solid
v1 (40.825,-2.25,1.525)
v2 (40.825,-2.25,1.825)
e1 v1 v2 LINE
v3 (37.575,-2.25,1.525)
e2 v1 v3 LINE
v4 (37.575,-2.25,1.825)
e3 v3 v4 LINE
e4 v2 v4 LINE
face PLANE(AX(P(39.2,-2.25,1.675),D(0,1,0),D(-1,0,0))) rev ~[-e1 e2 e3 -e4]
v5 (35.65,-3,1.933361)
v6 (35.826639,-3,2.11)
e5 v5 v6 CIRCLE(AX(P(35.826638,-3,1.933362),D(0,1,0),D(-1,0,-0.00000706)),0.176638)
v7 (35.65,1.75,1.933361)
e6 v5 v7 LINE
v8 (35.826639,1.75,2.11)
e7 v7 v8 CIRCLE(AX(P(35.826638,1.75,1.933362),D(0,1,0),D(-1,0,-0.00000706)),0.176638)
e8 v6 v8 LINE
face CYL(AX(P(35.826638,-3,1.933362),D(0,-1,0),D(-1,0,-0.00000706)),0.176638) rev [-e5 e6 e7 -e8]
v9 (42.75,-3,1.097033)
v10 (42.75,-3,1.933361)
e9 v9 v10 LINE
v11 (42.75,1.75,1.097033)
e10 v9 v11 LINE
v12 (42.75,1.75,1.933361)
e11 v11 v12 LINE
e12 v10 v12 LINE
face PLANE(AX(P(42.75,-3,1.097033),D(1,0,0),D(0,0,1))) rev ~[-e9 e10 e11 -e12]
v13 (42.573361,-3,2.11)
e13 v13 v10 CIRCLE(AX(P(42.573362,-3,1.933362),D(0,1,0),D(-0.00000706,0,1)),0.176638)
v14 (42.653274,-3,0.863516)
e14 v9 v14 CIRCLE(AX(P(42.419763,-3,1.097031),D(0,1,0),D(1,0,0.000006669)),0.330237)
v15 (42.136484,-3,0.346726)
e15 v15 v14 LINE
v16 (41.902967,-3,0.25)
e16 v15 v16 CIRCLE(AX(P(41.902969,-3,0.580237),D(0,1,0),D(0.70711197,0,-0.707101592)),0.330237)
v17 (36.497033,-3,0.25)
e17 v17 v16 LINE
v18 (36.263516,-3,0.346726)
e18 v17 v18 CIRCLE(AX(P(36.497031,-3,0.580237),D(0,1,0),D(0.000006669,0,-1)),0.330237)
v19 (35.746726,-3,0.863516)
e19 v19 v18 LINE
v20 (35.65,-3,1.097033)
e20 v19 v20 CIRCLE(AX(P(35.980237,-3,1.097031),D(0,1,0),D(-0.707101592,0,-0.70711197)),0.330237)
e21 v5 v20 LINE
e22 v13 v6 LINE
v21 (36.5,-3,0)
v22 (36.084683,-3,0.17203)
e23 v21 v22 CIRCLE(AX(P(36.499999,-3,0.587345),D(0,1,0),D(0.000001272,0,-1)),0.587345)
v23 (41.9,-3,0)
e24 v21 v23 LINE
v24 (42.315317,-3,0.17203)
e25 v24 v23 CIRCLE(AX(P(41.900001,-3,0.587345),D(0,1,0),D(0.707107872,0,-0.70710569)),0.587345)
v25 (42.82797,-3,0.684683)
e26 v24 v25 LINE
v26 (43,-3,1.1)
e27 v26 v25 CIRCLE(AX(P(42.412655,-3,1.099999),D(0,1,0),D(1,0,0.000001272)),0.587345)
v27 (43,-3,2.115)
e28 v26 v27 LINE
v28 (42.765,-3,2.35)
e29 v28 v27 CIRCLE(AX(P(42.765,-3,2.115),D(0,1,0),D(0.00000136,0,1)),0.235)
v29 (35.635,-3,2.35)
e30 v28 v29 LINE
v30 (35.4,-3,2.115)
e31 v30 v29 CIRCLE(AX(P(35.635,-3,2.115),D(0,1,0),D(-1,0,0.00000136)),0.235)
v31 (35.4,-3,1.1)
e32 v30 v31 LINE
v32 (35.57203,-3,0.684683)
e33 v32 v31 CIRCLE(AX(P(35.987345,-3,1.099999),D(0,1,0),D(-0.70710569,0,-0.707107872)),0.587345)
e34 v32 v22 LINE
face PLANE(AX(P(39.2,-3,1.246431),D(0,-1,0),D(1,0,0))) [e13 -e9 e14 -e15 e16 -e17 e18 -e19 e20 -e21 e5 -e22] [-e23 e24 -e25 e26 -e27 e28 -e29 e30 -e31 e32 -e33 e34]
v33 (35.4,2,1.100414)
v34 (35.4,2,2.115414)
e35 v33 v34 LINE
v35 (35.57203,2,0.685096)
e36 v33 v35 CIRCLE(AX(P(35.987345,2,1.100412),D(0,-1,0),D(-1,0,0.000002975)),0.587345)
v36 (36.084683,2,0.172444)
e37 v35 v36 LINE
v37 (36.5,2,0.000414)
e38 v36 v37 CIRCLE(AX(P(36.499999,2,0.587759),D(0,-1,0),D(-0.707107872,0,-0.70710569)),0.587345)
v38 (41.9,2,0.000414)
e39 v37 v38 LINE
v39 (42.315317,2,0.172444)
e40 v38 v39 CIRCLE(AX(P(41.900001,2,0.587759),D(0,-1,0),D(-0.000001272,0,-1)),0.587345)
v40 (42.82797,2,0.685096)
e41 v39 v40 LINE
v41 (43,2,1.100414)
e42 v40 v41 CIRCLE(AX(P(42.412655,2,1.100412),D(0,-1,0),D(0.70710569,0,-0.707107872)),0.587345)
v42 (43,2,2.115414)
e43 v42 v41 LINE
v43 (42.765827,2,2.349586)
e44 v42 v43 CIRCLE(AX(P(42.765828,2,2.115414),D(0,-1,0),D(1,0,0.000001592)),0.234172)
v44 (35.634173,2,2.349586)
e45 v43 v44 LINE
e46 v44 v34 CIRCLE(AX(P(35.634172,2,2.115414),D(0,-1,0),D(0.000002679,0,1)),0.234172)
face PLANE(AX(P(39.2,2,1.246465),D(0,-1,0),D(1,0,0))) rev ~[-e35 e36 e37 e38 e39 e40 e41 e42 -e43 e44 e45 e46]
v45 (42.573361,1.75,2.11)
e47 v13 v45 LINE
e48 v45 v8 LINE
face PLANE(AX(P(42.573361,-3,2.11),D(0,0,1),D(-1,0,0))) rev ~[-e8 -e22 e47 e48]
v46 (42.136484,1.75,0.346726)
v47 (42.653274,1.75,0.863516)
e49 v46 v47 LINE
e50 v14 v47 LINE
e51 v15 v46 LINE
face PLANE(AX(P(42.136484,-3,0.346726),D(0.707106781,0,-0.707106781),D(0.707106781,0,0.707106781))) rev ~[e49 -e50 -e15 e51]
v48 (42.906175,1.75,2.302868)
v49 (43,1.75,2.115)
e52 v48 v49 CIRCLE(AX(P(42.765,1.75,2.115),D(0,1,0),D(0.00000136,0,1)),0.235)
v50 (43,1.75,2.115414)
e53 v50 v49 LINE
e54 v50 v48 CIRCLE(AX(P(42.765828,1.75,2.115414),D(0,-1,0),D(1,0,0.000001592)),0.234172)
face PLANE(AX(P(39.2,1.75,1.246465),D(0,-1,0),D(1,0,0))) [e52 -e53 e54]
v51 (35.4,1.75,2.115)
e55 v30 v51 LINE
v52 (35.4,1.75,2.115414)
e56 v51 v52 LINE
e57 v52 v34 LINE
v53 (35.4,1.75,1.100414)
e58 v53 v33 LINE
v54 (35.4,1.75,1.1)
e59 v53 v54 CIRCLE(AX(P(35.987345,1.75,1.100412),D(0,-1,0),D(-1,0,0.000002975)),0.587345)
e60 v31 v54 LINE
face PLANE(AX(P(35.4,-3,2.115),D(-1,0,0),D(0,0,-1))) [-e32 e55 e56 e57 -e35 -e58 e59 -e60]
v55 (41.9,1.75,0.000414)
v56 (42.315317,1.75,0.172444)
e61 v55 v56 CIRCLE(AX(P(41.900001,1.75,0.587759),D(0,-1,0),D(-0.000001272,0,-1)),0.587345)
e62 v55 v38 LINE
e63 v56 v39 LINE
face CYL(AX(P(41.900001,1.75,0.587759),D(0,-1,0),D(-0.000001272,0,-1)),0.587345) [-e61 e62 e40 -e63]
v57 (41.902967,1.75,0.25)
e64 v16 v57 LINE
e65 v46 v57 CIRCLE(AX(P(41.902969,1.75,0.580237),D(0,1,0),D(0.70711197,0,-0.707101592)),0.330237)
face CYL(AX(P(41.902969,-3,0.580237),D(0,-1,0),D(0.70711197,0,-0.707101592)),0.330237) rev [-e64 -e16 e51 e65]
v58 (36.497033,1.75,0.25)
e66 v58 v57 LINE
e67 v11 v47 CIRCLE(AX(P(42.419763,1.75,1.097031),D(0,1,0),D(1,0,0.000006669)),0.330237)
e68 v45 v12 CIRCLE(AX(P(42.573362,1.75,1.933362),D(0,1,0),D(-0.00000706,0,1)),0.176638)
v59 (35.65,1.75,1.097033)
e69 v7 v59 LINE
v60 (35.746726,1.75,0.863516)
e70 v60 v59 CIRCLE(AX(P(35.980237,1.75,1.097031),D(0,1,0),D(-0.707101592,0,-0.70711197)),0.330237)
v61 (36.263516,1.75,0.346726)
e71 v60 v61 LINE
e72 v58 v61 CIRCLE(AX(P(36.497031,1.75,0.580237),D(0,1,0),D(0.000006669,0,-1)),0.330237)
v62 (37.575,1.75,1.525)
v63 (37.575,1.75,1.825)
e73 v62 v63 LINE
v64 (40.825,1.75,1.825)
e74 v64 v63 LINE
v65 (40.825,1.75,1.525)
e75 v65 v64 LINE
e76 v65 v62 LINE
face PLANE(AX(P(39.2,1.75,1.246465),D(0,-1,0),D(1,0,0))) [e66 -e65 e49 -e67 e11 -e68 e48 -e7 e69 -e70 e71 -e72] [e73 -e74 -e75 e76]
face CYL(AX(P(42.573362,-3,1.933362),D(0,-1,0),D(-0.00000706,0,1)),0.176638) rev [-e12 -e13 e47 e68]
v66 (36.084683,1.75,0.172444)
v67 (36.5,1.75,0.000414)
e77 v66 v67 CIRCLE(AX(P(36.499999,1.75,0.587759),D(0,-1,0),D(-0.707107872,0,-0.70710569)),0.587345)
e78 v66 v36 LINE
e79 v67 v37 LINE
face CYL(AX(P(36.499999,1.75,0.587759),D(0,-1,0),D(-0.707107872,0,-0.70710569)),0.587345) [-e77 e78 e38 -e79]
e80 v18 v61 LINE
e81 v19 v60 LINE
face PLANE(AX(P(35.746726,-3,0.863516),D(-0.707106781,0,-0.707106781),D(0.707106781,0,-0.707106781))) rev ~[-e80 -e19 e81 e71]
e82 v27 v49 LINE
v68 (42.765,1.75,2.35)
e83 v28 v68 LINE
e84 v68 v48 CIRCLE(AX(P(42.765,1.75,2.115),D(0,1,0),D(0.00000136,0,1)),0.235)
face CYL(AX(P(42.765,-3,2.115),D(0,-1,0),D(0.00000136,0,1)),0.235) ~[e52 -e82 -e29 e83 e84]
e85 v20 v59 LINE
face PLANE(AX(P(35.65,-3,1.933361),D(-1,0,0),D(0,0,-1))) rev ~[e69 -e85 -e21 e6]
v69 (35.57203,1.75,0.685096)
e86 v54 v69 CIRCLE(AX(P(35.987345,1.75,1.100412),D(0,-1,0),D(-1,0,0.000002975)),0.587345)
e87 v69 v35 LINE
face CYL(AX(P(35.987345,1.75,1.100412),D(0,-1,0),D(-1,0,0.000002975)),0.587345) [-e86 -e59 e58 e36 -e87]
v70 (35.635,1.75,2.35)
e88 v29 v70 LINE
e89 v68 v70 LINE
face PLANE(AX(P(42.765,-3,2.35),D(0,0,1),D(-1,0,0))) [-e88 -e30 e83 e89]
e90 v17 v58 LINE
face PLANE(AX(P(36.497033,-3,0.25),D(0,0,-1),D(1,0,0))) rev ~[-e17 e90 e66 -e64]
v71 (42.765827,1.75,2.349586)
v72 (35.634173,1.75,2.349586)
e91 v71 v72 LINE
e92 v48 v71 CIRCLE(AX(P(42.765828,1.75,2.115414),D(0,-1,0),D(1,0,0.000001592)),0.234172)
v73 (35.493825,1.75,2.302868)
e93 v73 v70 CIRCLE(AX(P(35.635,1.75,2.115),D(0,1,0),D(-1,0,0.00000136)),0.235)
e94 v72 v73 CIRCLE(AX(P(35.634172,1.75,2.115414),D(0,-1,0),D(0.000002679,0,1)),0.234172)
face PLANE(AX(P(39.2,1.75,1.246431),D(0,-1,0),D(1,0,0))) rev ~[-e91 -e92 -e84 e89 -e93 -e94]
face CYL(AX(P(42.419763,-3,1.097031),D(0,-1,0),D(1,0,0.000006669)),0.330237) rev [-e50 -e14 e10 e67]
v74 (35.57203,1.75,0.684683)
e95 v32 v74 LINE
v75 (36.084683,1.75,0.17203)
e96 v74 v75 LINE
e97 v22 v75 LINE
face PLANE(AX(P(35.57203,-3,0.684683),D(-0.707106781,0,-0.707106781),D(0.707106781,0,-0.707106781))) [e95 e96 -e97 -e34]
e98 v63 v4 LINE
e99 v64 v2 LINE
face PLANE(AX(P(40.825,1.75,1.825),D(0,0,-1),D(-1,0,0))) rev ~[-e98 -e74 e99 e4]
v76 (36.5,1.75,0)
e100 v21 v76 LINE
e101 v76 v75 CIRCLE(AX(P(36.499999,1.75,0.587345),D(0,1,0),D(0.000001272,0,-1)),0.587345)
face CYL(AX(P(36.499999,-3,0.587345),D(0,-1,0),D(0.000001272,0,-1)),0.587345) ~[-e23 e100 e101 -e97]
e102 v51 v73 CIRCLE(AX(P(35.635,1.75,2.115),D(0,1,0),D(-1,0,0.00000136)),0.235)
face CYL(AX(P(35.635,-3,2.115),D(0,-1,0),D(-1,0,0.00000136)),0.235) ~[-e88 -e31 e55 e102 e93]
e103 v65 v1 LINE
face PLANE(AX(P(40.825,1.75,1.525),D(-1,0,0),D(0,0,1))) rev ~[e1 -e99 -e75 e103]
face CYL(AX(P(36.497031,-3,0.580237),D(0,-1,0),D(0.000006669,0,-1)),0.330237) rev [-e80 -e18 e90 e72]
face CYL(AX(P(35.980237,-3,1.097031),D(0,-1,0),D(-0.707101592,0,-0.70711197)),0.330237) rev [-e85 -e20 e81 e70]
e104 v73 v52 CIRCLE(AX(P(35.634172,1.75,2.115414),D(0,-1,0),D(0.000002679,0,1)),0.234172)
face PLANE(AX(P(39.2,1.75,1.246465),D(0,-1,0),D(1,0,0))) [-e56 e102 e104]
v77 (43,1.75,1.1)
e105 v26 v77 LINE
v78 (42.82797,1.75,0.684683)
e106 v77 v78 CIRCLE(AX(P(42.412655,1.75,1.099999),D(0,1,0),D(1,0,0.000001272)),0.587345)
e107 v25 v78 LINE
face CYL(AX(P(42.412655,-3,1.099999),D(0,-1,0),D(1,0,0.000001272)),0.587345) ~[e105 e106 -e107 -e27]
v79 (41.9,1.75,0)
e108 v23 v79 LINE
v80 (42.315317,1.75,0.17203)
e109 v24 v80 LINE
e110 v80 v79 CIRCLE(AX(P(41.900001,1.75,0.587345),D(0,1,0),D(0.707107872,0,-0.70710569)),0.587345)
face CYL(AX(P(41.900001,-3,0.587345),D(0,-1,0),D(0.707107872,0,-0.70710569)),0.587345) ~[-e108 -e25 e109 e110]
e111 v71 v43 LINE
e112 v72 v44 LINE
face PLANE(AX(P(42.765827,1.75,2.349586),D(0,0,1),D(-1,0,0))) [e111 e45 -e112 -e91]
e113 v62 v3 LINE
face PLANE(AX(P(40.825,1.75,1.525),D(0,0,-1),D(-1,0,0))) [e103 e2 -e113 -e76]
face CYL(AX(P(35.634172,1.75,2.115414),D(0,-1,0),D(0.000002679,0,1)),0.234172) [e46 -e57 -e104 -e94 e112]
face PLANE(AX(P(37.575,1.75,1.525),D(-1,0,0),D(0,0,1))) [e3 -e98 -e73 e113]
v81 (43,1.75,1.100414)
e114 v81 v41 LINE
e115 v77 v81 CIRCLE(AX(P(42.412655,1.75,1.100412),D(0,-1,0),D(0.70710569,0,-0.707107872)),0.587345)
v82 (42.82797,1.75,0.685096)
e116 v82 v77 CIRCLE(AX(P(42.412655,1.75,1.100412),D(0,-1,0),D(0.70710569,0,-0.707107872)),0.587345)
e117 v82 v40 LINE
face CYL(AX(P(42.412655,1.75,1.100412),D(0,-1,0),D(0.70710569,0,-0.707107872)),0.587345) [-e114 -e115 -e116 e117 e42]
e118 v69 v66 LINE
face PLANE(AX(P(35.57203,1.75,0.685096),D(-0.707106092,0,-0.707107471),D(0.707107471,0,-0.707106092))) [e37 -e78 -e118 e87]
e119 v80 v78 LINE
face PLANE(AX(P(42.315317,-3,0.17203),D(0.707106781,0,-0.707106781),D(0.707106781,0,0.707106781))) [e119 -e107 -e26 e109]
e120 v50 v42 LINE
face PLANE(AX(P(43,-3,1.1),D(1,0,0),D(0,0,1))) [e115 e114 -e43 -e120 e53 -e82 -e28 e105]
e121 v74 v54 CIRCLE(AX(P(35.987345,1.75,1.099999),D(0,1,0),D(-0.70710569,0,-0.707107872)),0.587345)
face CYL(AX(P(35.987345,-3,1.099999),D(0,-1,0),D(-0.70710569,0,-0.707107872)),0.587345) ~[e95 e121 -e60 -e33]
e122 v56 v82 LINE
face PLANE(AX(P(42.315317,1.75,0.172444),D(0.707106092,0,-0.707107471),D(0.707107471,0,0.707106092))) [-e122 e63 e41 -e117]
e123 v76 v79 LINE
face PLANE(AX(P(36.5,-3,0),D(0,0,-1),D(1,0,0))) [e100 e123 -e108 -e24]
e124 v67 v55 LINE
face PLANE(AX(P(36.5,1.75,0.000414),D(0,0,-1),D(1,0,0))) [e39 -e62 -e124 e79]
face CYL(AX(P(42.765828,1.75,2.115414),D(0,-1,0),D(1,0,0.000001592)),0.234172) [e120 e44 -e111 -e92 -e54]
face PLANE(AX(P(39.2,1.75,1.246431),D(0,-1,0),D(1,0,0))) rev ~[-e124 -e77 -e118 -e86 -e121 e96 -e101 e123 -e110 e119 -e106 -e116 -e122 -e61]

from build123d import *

# Parameters (mm, degrees)
SKETCH018_W  = 3.25
SKETCH018_H  = 0.3
PAD023_DEPTH = 4
PAD022_DEPTH = 0.25
PAD021_DEPTH = 4.75


with BuildPart() as part:
    # Sketch018 → Pad023 (new body)
    with BuildSketch(Plane(origin=(0, 1.75, 0), x_dir=(-1, 0, 0), z_dir=(0, 1, 0))):
        with Locations((0, 0.5)):
            Rectangle(SKETCH018_W, SKETCH018_H)
    extrude(amount=-PAD023_DEPTH)

    # Sketch017 → Pad022 (join)
    with BuildSketch(Plane.XZ.offset(-1.75)):
        with BuildLine():
            Line((3.565827, 1.174586), (-3.565827, 1.174586))
            ThreePointArc((-3.565827, 1.174586), (-3.731412, 1.105999), (-3.8, 0.940414))
            Line((-3.8, -0.074586), (-3.8, 0.940414))
            ThreePointArc((-3.8, -0.074586), (-3.755291, -0.299355), (-3.62797, -0.489904))
            Line((-3.62797, -0.489904), (-3.115317, -1.002556))
            ThreePointArc((-3.115317, -1.002556), (-2.924768, -1.129877), (-2.7, -1.174586))
            Line((-2.7, -1.174586), (2.7, -1.174586))
            ThreePointArc((2.7, -1.174586), (2.924768, -1.129877), (3.115317, -1.002556))
            Line((3.115317, -1.002556), (3.62797, -0.489904))
            ThreePointArc((3.62797, -0.489904), (3.755291, -0.299355), (3.8, -0.074586))
            Line((3.8, 0.940414), (3.8, -0.074586))
            ThreePointArc((3.8, 0.940414), (3.731412, 1.105999), (3.565827, 1.174586))
        make_face()
    extrude(amount=-PAD022_DEPTH)

    # Sketch016 → Pad021 (join)
    with BuildSketch(Plane(origin=(0, -3, 0), x_dir=(-1, 0, 0), z_dir=(0, 1, 0))):
        with BuildLine():
            Line((-3.565, 1.175), (3.565, 1.175))
            ThreePointArc((3.8, 0.94), (3.73117, 1.10617), (3.565, 1.175))
            Line((3.8, 0.94), (3.8, -0.075))
            ThreePointArc((3.62797, -0.490317), (3.755291, -0.299768), (3.8, -0.075))
            Line((3.62797, -0.490317), (3.115317, -1.00297))
            ThreePointArc((2.7, -1.175), (2.924768, -1.130291), (3.115317, -1.00297))
            Line((2.7, -1.175), (-2.7, -1.175))
            ThreePointArc((-3.115317, -1.00297), (-2.924768, -1.130291), (-2.7, -1.175))
            Line((-3.115317, -1.00297), (-3.62797, -0.490317))
            ThreePointArc((-3.8, -0.075), (-3.755291, -0.299768), (-3.62797, -0.490317))
            Line((-3.8, -0.075), (-3.8, 0.94))
            ThreePointArc((-3.565, 1.175), (-3.73117, 1.10617), (-3.8, 0.94))
        make_face()
        with BuildLine():
            Line((-3.373361, 0.935), (3.373361, 0.935))
            ThreePointArc((3.55, 0.758361), (3.498264, 0.883264), (3.373361, 0.935))
            Line((3.55, 0.758361), (3.55, -0.077967))
            ThreePointArc((3.453274, -0.311484), (3.524862, -0.204346), (3.55, -0.077967))
            Line((3.453274, -0.311484), (2.936484, -0.828274))
            ThreePointArc((2.702967, -0.925), (2.829346, -0.899862), (2.936484, -0.828274))
            Line((2.702967, -0.925), (-2.702967, -0.925))
            ThreePointArc((-2.936484, -0.828274), (-2.829346, -0.899862), (-2.702967, -0.925))
            Line((-2.936484, -0.828274), (-3.453274, -0.311484))
            ThreePointArc((-3.55, -0.077967), (-3.524862, -0.204346), (-3.453274, -0.311484))
            Line((-3.55, -0.077967), (-3.55, 0.758361))
            ThreePointArc((-3.373361, 0.935), (-3.498264, 0.883264), (-3.55, 0.758361))
        make_face(mode=Mode.SUBTRACT)
    extrude(amount=PAD021_DEPTH)


with BuildPart() as part_1:
    # Pad023Body placement: moved
    add(part.part.moved(Location((39.2, 0, 1.175))))


solid = part_1.part
